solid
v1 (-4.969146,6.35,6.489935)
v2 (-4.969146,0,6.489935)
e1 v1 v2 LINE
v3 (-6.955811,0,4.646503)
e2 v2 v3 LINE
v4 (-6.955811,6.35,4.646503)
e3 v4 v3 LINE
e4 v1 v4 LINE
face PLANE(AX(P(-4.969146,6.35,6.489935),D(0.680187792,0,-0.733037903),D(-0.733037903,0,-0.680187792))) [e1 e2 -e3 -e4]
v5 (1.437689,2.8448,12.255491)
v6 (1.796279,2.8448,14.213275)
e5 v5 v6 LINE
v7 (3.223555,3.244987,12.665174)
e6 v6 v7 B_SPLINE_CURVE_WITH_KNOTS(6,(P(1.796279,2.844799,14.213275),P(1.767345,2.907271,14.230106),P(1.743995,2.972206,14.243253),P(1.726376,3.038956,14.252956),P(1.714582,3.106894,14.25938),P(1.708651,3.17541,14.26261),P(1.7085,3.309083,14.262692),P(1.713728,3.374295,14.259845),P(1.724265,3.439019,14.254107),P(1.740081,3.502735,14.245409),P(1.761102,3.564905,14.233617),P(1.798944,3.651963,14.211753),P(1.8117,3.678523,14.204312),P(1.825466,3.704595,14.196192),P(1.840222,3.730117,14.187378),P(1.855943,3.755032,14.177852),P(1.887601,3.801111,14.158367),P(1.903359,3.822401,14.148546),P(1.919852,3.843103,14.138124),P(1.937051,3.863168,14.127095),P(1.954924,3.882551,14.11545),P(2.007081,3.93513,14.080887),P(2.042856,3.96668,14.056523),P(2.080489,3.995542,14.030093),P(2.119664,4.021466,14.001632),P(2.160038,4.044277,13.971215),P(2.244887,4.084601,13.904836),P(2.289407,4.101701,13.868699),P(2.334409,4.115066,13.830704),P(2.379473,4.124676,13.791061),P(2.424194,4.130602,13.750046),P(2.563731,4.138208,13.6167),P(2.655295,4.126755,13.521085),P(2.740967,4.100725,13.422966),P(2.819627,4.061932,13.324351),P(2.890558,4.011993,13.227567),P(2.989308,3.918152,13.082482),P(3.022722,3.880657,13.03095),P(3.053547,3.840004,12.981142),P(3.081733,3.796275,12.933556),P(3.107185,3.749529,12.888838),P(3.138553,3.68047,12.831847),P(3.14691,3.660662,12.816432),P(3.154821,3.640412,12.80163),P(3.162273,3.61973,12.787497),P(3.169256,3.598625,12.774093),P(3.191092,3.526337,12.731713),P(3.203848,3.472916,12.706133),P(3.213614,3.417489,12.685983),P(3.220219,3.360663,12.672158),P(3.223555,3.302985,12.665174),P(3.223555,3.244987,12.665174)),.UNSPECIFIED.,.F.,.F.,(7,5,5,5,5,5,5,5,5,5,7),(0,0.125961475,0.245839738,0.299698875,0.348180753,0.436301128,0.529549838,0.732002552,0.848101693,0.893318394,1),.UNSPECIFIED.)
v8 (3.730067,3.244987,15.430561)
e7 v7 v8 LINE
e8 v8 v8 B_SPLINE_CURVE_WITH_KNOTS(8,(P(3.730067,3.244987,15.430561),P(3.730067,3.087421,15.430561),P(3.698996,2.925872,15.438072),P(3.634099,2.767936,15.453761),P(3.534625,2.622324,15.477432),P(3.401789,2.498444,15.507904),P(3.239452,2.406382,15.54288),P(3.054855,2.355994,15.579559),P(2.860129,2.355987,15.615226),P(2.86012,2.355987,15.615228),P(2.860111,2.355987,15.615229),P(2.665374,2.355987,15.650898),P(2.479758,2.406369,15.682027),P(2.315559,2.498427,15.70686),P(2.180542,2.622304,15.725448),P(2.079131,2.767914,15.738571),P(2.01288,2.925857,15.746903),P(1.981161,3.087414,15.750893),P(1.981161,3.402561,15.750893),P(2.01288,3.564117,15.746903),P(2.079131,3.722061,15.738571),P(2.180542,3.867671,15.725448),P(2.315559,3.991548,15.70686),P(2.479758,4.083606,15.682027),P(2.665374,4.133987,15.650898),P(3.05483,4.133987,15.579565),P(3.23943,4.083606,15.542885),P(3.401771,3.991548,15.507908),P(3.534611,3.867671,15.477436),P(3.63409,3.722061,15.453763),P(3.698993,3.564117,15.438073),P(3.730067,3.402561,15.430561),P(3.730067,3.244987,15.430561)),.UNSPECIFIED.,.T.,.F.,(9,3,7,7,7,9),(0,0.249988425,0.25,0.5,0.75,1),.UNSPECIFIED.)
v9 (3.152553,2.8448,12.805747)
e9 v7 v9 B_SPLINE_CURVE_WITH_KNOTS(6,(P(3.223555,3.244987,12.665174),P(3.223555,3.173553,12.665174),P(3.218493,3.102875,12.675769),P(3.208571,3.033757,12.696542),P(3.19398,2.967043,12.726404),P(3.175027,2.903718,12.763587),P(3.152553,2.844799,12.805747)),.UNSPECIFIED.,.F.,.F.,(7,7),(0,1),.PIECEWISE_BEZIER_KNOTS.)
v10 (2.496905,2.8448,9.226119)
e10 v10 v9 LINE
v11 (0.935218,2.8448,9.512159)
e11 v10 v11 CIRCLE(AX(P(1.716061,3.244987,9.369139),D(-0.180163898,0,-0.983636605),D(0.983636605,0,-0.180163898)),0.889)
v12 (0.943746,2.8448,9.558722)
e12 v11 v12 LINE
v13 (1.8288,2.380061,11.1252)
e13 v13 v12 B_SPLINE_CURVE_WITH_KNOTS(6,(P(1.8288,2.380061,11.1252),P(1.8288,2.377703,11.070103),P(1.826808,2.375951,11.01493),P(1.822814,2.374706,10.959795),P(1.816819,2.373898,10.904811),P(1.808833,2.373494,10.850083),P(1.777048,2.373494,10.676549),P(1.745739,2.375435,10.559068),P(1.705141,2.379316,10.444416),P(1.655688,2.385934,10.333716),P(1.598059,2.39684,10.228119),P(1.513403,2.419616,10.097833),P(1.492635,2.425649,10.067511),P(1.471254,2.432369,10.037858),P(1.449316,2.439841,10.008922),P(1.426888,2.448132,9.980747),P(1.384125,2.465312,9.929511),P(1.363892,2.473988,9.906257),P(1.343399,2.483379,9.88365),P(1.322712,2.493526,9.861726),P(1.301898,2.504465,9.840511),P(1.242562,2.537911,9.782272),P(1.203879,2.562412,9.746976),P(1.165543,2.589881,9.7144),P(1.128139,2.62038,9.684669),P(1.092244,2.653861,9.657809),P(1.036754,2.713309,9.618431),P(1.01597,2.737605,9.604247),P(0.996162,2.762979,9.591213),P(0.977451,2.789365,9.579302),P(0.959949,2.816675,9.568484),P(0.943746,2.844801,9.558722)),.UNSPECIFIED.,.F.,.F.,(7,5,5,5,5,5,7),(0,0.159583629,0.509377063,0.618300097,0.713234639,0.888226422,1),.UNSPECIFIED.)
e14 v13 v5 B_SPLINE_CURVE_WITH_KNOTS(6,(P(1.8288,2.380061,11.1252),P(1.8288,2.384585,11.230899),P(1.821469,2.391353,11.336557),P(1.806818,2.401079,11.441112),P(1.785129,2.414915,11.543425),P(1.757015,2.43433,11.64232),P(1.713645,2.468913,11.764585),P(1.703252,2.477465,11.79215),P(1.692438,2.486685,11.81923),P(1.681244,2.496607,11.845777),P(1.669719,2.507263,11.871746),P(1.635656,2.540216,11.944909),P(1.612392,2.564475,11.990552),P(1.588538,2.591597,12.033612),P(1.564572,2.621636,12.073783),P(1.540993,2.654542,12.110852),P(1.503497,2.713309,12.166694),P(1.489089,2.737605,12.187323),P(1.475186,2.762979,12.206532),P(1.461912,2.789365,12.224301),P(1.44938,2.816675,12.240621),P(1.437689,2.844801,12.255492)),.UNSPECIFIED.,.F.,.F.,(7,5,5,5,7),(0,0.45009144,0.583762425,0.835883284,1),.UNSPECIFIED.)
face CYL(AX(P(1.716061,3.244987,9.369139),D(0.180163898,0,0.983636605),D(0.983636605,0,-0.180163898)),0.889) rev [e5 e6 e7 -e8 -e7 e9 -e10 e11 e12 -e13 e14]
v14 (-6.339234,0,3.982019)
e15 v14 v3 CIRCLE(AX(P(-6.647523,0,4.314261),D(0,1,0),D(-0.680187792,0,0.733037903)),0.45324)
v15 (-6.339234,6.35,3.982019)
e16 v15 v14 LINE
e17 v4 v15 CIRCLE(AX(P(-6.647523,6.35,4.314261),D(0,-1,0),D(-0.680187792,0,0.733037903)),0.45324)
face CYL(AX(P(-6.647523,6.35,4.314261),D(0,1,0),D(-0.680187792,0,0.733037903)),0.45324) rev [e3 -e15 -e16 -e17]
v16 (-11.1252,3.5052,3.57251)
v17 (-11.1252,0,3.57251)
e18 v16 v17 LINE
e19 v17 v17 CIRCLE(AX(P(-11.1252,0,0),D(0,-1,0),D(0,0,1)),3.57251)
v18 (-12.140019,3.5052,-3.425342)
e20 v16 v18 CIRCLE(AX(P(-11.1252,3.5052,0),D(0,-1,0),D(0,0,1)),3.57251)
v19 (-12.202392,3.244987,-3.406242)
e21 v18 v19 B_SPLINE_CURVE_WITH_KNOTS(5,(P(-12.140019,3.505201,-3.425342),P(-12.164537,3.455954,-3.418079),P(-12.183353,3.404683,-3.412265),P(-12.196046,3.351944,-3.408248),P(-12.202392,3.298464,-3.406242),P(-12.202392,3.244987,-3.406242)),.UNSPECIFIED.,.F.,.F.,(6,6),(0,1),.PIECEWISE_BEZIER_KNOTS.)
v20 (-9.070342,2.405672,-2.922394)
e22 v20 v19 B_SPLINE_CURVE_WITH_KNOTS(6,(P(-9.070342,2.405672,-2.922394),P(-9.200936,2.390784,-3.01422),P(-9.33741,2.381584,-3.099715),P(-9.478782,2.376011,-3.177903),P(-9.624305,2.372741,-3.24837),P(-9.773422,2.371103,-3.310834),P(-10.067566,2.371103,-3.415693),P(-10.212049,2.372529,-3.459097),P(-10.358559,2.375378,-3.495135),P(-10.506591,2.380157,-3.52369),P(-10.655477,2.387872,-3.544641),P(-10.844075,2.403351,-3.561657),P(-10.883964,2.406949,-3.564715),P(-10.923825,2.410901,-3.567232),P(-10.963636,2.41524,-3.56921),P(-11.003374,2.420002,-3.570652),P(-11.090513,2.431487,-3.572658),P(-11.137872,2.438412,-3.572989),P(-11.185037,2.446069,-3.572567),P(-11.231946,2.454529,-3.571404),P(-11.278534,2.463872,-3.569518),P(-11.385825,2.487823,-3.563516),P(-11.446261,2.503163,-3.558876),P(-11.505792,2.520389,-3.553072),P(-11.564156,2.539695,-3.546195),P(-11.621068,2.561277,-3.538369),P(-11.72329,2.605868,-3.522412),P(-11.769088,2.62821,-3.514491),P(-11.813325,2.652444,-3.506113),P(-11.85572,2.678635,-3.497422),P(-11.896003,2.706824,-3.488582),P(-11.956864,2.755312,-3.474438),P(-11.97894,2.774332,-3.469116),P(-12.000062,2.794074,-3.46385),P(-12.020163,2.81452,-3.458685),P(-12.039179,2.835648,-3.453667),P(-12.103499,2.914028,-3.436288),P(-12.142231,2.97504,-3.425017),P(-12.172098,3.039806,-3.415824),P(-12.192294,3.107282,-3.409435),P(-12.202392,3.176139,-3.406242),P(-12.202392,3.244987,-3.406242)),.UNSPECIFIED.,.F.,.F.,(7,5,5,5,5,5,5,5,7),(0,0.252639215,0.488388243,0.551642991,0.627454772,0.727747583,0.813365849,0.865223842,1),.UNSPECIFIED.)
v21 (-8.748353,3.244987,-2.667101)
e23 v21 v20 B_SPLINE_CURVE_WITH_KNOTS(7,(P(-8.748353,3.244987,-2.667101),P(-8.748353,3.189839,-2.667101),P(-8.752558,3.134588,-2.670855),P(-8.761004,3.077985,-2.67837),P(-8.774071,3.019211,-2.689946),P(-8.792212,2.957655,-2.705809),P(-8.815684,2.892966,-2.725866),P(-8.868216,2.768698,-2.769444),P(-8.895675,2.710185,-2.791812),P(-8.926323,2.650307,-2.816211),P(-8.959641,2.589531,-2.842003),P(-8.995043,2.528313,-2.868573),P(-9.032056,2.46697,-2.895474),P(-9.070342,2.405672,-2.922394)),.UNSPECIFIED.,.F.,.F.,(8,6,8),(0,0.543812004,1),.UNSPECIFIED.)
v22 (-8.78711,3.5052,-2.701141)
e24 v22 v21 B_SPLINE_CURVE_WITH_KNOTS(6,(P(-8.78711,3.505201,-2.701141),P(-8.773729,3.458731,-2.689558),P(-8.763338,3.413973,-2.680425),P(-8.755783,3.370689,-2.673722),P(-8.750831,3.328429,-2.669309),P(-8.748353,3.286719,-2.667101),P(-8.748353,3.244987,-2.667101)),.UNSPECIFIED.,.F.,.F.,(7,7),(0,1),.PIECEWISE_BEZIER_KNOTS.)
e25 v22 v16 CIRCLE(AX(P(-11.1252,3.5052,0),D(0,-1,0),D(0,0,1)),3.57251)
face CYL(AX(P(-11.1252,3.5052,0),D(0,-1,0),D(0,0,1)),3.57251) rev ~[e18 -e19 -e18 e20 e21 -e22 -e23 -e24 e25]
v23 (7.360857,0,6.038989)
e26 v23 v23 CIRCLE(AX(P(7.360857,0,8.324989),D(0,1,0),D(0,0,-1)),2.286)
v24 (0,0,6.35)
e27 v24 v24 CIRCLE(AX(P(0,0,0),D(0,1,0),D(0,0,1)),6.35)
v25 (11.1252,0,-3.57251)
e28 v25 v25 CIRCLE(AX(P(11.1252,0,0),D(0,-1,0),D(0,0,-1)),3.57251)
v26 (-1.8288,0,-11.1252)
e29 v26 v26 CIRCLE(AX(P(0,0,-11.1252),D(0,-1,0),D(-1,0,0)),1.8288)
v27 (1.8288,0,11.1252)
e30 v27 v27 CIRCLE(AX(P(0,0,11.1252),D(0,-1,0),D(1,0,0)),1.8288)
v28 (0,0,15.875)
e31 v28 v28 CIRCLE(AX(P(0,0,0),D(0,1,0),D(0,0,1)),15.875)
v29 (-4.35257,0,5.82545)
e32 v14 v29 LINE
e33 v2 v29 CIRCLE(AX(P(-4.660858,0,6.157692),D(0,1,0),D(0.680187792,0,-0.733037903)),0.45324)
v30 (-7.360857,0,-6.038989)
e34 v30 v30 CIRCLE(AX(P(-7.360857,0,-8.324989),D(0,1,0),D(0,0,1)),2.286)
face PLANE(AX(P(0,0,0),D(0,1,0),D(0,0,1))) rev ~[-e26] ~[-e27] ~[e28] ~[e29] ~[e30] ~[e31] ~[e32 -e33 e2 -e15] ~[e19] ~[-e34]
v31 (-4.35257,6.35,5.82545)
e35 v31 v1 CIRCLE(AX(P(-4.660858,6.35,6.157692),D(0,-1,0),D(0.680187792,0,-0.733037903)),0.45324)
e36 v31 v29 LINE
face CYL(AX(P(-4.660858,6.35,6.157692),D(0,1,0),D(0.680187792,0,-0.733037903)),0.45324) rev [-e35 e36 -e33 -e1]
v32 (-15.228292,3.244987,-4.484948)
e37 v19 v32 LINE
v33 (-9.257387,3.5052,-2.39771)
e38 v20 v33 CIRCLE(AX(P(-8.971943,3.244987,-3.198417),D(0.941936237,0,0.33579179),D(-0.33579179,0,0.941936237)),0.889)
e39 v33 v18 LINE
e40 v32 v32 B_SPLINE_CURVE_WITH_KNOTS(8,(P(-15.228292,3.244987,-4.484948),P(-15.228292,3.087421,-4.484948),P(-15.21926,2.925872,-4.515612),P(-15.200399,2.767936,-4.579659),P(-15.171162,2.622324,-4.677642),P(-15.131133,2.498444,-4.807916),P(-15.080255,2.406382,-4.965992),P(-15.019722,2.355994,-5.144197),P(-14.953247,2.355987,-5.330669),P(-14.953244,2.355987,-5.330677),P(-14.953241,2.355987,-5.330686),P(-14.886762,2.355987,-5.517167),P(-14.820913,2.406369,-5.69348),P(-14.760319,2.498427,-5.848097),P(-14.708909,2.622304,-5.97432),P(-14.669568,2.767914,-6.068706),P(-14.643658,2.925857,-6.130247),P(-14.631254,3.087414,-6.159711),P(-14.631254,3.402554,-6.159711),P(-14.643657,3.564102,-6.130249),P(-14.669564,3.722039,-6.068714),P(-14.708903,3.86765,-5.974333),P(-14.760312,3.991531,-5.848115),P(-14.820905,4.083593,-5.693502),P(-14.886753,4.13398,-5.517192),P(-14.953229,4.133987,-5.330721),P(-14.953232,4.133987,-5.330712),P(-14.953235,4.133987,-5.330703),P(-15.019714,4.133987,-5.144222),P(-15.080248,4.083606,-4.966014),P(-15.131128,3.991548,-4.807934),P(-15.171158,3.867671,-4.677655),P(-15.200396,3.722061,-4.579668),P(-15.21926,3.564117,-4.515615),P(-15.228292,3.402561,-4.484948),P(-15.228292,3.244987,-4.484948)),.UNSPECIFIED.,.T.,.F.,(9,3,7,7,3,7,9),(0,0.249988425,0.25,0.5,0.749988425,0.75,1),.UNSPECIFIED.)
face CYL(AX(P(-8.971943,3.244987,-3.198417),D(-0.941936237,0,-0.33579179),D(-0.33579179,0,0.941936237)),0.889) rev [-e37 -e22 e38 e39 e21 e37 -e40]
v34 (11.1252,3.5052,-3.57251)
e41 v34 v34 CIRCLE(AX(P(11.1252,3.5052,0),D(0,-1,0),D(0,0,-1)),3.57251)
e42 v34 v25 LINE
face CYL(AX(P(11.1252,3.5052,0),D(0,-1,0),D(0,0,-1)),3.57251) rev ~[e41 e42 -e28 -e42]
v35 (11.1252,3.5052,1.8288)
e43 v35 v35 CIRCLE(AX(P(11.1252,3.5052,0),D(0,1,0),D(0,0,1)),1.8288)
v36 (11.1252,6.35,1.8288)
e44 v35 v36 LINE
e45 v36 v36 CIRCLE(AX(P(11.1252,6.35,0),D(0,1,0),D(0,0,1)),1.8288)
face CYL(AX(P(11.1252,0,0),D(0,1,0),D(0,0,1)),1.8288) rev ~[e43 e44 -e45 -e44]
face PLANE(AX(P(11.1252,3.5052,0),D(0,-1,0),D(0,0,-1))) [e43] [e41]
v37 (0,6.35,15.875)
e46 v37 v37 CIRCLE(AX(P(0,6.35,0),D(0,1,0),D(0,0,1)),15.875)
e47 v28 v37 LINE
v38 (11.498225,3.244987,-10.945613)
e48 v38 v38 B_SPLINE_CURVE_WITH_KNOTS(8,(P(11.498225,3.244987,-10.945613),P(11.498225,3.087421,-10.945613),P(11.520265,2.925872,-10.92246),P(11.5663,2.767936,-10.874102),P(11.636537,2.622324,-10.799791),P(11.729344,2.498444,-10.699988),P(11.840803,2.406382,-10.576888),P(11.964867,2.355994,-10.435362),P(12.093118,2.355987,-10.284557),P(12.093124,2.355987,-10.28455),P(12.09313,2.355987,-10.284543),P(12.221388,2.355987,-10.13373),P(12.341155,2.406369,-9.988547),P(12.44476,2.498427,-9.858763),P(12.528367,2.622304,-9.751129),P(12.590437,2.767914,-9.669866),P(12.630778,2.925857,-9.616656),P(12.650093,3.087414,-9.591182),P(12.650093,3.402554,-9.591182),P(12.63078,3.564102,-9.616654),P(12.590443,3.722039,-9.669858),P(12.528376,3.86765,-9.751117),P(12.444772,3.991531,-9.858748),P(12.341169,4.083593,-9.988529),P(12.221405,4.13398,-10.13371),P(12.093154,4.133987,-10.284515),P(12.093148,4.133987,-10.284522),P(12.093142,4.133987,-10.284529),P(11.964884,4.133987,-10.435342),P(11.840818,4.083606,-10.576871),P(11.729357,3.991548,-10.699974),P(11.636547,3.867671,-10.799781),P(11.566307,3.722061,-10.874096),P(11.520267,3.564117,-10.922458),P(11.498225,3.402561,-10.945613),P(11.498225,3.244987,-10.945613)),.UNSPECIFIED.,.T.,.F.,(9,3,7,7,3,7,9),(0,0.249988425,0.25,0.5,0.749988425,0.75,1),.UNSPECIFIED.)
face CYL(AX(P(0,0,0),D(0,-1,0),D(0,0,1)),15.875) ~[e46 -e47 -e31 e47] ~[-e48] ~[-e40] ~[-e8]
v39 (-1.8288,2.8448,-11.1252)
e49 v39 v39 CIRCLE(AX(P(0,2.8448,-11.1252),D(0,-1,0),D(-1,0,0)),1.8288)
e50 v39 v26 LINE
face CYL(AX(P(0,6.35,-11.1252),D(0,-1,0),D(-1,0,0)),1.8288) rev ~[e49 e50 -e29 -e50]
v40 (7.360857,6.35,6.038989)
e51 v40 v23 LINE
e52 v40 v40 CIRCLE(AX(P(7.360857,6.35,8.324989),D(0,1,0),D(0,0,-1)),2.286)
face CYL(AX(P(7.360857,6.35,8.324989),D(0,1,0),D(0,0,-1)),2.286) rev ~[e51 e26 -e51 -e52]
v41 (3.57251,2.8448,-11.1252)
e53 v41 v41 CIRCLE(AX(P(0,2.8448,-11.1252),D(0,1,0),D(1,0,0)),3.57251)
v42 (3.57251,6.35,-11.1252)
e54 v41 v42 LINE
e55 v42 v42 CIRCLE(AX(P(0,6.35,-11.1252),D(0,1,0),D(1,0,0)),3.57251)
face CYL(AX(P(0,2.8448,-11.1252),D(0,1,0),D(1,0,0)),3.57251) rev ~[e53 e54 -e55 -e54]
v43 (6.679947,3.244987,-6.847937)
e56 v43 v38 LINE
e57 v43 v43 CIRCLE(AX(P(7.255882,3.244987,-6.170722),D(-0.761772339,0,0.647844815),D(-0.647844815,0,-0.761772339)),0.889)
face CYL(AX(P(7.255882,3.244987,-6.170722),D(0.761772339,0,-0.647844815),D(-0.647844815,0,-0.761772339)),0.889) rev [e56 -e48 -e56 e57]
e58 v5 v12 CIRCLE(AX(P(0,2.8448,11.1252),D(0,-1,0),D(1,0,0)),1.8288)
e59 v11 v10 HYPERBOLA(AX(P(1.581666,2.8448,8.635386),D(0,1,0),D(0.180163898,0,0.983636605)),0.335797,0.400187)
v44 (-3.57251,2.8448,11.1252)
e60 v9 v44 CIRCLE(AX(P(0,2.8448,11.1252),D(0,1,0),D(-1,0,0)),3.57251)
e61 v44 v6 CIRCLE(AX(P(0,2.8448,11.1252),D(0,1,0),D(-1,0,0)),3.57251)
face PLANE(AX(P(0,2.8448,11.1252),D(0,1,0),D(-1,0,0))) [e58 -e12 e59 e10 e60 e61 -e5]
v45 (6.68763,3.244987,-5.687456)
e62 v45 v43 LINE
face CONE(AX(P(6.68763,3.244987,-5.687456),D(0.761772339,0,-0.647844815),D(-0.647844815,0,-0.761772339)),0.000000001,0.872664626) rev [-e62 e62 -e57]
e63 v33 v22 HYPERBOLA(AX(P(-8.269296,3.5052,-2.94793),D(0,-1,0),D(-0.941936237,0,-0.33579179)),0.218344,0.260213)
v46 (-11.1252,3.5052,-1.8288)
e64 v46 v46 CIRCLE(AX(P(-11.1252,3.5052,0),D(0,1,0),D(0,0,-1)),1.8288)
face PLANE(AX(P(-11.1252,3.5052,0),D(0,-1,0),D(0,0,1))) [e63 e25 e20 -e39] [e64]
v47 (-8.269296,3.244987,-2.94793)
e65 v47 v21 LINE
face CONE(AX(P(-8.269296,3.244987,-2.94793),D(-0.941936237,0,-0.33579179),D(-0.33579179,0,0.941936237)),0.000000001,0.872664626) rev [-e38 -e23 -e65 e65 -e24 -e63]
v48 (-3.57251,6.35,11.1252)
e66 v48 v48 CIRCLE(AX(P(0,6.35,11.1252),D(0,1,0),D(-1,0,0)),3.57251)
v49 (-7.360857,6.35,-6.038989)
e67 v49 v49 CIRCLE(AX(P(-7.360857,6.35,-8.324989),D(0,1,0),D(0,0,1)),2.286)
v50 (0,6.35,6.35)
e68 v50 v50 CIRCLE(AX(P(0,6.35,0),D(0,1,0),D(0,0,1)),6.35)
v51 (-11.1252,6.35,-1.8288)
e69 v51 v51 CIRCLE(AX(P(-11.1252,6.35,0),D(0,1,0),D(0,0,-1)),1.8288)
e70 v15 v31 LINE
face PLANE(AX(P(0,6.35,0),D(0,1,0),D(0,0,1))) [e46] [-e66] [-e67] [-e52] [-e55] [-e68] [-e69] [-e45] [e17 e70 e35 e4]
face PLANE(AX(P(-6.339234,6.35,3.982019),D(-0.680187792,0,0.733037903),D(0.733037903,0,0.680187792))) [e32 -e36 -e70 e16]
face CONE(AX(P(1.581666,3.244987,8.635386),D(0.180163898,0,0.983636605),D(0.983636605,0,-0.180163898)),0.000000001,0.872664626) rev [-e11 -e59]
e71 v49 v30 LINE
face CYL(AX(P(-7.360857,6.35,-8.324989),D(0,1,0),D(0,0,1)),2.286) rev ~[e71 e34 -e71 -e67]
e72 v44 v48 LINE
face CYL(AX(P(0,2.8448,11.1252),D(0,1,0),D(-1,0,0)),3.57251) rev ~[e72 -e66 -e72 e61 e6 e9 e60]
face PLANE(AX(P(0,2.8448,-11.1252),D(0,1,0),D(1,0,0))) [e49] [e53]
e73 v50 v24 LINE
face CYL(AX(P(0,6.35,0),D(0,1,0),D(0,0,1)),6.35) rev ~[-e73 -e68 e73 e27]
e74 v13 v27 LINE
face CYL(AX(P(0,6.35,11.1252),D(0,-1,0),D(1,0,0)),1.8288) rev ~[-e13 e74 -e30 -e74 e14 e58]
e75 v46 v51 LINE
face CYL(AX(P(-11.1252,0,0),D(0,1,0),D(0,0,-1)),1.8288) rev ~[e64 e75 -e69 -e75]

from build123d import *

# Parameters (mm, degrees)
SKETCH1_R                                      = 15.875
BOSS_EXTRUDE1_DEPTH                            = 6.35
SKETCH2_R                                      = 6.35
CUT_EXTRUDE1_DEPTH                             = 24.3313898
CBORE_FOR_6_SOCKET_HEAD_CAP_SCREW1_D           = 3.6576
CBORE_FOR_6_SOCKET_HEAD_CAP_SCREW1_CBORE_D     = 7.14502
CBORE_FOR_6_SOCKET_HEAD_CAP_SCREW1_CBORE_DEPTH = 3.5052
CIRPATTERN1_COUNT                              = 2
SKETCH11_R                                     = 2.286
CUT_EXTRUDE2_DEPTH                             = 24.3313898
CIRPATTERN3_COUNT                              = 2
CIRPATTERN4_COUNT                              = 3
CUT_EXTRUDE3_DEPTH                             = 24.331389963
CBORE_FOR_6_SOCKET_HEAD_CAP_SCREW2_D           = 3.6576
CBORE_FOR_6_SOCKET_HEAD_CAP_SCREW2_CBORE_D     = 7.14502
CBORE_FOR_6_SOCKET_HEAD_CAP_SCREW2_CBORE_DEPTH = 3.5052
CIRPATTERN5_COUNT                              = 2


with BuildPart() as part:
    # Sketch1 → Boss-Extrude1 (new body)
    with BuildSketch(Plane(origin=(0, 0, 0), x_dir=(1, 0, 0), z_dir=(0, 1, 0))):
        with Locations(Location((0, 0, 0), (0, 0, 270))):
            Circle(SKETCH1_R)
    extrude(amount=BOSS_EXTRUDE1_DEPTH)

    # Sketch2 → Cut-Extrude1 (cut, through all)
    with BuildSketch(Plane(origin=(0, 6.35, 0), x_dir=(1, 0, 0), z_dir=(0, 1, 0))):
        with Locations(Location((0, 0, 0), (0, 0, 270))):
            Circle(SKETCH2_R)
    extrude(amount=-CUT_EXTRUDE1_DEPTH, mode=Mode.SUBTRACT)

    # CBORE for #6 Socket Head Cap Screw1 (through all)
    with Locations(Plane(origin=(0, 6.35, 0), x_dir=(1, 0, 0), z_dir=(0, 1, 0))):
        with Locations((0, 11.1252)):
            cbore_for_6_socket_head_cap_screw1 = CounterBoreHole(CBORE_FOR_6_SOCKET_HEAD_CAP_SCREW1_D / 2, CBORE_FOR_6_SOCKET_HEAD_CAP_SCREW1_CBORE_D / 2, CBORE_FOR_6_SOCKET_HEAD_CAP_SCREW1_CBORE_DEPTH)

    # CirPattern1: CBORE for #6 Socket Head Cap Screw1 ×2 about axis
    cirpattern1_axis = Axis((0, 0, 0), (0, 1, 0))
    for i in range(1, CIRPATTERN1_COUNT):
        add(cbore_for_6_socket_head_cap_screw1.rotate(cirpattern1_axis, i * 360 / CIRPATTERN1_COUNT), mode=Mode.SUBTRACT)

    # Sketch11 → Cut-Extrude2 (cut, through all)
    with BuildSketch(Plane(origin=(0, 6.35, 0), x_dir=(1, 0, 0), z_dir=(0, 1, 0))):
        with Locations(Location((-7.360856908, 8.324988999, 0), (0, 0, 270))):
            Circle(SKETCH11_R)
    cut_extrude2 = extrude(amount=-CUT_EXTRUDE2_DEPTH, mode=Mode.SUBTRACT)

    # CirPattern3: Cut-Extrude2 ×2 about axis
    cirpattern3_axis = Axis((0, 0, 0), (0, 1, 0))
    for i in range(1, CIRPATTERN3_COUNT):
        add(cut_extrude2.rotate(cirpattern3_axis, i * 360 / CIRPATTERN3_COUNT), mode=Mode.SUBTRACT)

    # Sketch16 → Tap Drill for #2-56 Tap3 (revolve, cut)
    with BuildSketch(Plane(origin=(12.093135875, 3.244987275, -10.284536436), x_dir=(-0.6478448148472237, 0, -0.7617723386127685), z_dir=(0, 1, 0))):
        Polygon((0, 0), (0, 7.095959572), (0.889, 6.35), (0.889, 0), align=None)
    tap_drill_for_2_56_tap3 = revolve(axis=Axis((16.930390226, 3.244987275, -14.39835101), (-0.7617723386127686, 0, 0.6478448148472237)), mode=Mode.SUBTRACT)

    # CirPattern4: Tap Drill for #2-56 Tap3 ×3 about axis
    cirpattern4_axis = Axis((0, 6.35, 0), (0, -1, 0))
    for i in range(1, CIRPATTERN4_COUNT):
        add(tap_drill_for_2_56_tap3.rotate(cirpattern4_axis, i * 360 / CIRPATTERN4_COUNT), mode=Mode.SUBTRACT)

    # Sketch17 → Cut-Extrude3 (cut, through all)
    with BuildSketch(Plane(origin=(0, 6.35, 0), x_dir=(1, 0, 0), z_dir=(0, 1, 0))):
        with BuildLine():
            Line((-4.96914615, -6.489934512), (-6.955810814, -4.646503161))
            ThreePointArc((-6.955810814, -4.646503161), (-6.979764598, -4.005972756), (-6.339234193, -3.982018972))
            Line((-6.339234193, -3.982018972), (-4.352569529, -5.825450323))
            ThreePointArc((-4.352569529, -5.825450323), (-4.328615745, -6.465980728), (-4.96914615, -6.489934512))
        make_face()
    extrude(amount=-CUT_EXTRUDE3_DEPTH, mode=Mode.SUBTRACT)

    # CBORE for #6 Socket Head Cap Screw2 (through all)
    with Locations(Plane(origin=(11.1252, 0, 0), x_dir=(0, 0, -1), z_dir=(0, -1, 0))):
        with Locations((0, 0)):
            cbore_for_6_socket_head_cap_screw2 = CounterBoreHole(CBORE_FOR_6_SOCKET_HEAD_CAP_SCREW2_D / 2, CBORE_FOR_6_SOCKET_HEAD_CAP_SCREW2_CBORE_D / 2, CBORE_FOR_6_SOCKET_HEAD_CAP_SCREW2_CBORE_DEPTH)

    # CirPattern5: CBORE for #6 Socket Head Cap Screw2 ×2 about axis
    cirpattern5_axis = Axis((0, 0, 0), (0, 1, 0))
    for i in range(1, CIRPATTERN5_COUNT):
        add(cbore_for_6_socket_head_cap_screw2.rotate(cirpattern5_axis, i * 360 / CIRPATTERN5_COUNT), mode=Mode.SUBTRACT)


solid = part.part
